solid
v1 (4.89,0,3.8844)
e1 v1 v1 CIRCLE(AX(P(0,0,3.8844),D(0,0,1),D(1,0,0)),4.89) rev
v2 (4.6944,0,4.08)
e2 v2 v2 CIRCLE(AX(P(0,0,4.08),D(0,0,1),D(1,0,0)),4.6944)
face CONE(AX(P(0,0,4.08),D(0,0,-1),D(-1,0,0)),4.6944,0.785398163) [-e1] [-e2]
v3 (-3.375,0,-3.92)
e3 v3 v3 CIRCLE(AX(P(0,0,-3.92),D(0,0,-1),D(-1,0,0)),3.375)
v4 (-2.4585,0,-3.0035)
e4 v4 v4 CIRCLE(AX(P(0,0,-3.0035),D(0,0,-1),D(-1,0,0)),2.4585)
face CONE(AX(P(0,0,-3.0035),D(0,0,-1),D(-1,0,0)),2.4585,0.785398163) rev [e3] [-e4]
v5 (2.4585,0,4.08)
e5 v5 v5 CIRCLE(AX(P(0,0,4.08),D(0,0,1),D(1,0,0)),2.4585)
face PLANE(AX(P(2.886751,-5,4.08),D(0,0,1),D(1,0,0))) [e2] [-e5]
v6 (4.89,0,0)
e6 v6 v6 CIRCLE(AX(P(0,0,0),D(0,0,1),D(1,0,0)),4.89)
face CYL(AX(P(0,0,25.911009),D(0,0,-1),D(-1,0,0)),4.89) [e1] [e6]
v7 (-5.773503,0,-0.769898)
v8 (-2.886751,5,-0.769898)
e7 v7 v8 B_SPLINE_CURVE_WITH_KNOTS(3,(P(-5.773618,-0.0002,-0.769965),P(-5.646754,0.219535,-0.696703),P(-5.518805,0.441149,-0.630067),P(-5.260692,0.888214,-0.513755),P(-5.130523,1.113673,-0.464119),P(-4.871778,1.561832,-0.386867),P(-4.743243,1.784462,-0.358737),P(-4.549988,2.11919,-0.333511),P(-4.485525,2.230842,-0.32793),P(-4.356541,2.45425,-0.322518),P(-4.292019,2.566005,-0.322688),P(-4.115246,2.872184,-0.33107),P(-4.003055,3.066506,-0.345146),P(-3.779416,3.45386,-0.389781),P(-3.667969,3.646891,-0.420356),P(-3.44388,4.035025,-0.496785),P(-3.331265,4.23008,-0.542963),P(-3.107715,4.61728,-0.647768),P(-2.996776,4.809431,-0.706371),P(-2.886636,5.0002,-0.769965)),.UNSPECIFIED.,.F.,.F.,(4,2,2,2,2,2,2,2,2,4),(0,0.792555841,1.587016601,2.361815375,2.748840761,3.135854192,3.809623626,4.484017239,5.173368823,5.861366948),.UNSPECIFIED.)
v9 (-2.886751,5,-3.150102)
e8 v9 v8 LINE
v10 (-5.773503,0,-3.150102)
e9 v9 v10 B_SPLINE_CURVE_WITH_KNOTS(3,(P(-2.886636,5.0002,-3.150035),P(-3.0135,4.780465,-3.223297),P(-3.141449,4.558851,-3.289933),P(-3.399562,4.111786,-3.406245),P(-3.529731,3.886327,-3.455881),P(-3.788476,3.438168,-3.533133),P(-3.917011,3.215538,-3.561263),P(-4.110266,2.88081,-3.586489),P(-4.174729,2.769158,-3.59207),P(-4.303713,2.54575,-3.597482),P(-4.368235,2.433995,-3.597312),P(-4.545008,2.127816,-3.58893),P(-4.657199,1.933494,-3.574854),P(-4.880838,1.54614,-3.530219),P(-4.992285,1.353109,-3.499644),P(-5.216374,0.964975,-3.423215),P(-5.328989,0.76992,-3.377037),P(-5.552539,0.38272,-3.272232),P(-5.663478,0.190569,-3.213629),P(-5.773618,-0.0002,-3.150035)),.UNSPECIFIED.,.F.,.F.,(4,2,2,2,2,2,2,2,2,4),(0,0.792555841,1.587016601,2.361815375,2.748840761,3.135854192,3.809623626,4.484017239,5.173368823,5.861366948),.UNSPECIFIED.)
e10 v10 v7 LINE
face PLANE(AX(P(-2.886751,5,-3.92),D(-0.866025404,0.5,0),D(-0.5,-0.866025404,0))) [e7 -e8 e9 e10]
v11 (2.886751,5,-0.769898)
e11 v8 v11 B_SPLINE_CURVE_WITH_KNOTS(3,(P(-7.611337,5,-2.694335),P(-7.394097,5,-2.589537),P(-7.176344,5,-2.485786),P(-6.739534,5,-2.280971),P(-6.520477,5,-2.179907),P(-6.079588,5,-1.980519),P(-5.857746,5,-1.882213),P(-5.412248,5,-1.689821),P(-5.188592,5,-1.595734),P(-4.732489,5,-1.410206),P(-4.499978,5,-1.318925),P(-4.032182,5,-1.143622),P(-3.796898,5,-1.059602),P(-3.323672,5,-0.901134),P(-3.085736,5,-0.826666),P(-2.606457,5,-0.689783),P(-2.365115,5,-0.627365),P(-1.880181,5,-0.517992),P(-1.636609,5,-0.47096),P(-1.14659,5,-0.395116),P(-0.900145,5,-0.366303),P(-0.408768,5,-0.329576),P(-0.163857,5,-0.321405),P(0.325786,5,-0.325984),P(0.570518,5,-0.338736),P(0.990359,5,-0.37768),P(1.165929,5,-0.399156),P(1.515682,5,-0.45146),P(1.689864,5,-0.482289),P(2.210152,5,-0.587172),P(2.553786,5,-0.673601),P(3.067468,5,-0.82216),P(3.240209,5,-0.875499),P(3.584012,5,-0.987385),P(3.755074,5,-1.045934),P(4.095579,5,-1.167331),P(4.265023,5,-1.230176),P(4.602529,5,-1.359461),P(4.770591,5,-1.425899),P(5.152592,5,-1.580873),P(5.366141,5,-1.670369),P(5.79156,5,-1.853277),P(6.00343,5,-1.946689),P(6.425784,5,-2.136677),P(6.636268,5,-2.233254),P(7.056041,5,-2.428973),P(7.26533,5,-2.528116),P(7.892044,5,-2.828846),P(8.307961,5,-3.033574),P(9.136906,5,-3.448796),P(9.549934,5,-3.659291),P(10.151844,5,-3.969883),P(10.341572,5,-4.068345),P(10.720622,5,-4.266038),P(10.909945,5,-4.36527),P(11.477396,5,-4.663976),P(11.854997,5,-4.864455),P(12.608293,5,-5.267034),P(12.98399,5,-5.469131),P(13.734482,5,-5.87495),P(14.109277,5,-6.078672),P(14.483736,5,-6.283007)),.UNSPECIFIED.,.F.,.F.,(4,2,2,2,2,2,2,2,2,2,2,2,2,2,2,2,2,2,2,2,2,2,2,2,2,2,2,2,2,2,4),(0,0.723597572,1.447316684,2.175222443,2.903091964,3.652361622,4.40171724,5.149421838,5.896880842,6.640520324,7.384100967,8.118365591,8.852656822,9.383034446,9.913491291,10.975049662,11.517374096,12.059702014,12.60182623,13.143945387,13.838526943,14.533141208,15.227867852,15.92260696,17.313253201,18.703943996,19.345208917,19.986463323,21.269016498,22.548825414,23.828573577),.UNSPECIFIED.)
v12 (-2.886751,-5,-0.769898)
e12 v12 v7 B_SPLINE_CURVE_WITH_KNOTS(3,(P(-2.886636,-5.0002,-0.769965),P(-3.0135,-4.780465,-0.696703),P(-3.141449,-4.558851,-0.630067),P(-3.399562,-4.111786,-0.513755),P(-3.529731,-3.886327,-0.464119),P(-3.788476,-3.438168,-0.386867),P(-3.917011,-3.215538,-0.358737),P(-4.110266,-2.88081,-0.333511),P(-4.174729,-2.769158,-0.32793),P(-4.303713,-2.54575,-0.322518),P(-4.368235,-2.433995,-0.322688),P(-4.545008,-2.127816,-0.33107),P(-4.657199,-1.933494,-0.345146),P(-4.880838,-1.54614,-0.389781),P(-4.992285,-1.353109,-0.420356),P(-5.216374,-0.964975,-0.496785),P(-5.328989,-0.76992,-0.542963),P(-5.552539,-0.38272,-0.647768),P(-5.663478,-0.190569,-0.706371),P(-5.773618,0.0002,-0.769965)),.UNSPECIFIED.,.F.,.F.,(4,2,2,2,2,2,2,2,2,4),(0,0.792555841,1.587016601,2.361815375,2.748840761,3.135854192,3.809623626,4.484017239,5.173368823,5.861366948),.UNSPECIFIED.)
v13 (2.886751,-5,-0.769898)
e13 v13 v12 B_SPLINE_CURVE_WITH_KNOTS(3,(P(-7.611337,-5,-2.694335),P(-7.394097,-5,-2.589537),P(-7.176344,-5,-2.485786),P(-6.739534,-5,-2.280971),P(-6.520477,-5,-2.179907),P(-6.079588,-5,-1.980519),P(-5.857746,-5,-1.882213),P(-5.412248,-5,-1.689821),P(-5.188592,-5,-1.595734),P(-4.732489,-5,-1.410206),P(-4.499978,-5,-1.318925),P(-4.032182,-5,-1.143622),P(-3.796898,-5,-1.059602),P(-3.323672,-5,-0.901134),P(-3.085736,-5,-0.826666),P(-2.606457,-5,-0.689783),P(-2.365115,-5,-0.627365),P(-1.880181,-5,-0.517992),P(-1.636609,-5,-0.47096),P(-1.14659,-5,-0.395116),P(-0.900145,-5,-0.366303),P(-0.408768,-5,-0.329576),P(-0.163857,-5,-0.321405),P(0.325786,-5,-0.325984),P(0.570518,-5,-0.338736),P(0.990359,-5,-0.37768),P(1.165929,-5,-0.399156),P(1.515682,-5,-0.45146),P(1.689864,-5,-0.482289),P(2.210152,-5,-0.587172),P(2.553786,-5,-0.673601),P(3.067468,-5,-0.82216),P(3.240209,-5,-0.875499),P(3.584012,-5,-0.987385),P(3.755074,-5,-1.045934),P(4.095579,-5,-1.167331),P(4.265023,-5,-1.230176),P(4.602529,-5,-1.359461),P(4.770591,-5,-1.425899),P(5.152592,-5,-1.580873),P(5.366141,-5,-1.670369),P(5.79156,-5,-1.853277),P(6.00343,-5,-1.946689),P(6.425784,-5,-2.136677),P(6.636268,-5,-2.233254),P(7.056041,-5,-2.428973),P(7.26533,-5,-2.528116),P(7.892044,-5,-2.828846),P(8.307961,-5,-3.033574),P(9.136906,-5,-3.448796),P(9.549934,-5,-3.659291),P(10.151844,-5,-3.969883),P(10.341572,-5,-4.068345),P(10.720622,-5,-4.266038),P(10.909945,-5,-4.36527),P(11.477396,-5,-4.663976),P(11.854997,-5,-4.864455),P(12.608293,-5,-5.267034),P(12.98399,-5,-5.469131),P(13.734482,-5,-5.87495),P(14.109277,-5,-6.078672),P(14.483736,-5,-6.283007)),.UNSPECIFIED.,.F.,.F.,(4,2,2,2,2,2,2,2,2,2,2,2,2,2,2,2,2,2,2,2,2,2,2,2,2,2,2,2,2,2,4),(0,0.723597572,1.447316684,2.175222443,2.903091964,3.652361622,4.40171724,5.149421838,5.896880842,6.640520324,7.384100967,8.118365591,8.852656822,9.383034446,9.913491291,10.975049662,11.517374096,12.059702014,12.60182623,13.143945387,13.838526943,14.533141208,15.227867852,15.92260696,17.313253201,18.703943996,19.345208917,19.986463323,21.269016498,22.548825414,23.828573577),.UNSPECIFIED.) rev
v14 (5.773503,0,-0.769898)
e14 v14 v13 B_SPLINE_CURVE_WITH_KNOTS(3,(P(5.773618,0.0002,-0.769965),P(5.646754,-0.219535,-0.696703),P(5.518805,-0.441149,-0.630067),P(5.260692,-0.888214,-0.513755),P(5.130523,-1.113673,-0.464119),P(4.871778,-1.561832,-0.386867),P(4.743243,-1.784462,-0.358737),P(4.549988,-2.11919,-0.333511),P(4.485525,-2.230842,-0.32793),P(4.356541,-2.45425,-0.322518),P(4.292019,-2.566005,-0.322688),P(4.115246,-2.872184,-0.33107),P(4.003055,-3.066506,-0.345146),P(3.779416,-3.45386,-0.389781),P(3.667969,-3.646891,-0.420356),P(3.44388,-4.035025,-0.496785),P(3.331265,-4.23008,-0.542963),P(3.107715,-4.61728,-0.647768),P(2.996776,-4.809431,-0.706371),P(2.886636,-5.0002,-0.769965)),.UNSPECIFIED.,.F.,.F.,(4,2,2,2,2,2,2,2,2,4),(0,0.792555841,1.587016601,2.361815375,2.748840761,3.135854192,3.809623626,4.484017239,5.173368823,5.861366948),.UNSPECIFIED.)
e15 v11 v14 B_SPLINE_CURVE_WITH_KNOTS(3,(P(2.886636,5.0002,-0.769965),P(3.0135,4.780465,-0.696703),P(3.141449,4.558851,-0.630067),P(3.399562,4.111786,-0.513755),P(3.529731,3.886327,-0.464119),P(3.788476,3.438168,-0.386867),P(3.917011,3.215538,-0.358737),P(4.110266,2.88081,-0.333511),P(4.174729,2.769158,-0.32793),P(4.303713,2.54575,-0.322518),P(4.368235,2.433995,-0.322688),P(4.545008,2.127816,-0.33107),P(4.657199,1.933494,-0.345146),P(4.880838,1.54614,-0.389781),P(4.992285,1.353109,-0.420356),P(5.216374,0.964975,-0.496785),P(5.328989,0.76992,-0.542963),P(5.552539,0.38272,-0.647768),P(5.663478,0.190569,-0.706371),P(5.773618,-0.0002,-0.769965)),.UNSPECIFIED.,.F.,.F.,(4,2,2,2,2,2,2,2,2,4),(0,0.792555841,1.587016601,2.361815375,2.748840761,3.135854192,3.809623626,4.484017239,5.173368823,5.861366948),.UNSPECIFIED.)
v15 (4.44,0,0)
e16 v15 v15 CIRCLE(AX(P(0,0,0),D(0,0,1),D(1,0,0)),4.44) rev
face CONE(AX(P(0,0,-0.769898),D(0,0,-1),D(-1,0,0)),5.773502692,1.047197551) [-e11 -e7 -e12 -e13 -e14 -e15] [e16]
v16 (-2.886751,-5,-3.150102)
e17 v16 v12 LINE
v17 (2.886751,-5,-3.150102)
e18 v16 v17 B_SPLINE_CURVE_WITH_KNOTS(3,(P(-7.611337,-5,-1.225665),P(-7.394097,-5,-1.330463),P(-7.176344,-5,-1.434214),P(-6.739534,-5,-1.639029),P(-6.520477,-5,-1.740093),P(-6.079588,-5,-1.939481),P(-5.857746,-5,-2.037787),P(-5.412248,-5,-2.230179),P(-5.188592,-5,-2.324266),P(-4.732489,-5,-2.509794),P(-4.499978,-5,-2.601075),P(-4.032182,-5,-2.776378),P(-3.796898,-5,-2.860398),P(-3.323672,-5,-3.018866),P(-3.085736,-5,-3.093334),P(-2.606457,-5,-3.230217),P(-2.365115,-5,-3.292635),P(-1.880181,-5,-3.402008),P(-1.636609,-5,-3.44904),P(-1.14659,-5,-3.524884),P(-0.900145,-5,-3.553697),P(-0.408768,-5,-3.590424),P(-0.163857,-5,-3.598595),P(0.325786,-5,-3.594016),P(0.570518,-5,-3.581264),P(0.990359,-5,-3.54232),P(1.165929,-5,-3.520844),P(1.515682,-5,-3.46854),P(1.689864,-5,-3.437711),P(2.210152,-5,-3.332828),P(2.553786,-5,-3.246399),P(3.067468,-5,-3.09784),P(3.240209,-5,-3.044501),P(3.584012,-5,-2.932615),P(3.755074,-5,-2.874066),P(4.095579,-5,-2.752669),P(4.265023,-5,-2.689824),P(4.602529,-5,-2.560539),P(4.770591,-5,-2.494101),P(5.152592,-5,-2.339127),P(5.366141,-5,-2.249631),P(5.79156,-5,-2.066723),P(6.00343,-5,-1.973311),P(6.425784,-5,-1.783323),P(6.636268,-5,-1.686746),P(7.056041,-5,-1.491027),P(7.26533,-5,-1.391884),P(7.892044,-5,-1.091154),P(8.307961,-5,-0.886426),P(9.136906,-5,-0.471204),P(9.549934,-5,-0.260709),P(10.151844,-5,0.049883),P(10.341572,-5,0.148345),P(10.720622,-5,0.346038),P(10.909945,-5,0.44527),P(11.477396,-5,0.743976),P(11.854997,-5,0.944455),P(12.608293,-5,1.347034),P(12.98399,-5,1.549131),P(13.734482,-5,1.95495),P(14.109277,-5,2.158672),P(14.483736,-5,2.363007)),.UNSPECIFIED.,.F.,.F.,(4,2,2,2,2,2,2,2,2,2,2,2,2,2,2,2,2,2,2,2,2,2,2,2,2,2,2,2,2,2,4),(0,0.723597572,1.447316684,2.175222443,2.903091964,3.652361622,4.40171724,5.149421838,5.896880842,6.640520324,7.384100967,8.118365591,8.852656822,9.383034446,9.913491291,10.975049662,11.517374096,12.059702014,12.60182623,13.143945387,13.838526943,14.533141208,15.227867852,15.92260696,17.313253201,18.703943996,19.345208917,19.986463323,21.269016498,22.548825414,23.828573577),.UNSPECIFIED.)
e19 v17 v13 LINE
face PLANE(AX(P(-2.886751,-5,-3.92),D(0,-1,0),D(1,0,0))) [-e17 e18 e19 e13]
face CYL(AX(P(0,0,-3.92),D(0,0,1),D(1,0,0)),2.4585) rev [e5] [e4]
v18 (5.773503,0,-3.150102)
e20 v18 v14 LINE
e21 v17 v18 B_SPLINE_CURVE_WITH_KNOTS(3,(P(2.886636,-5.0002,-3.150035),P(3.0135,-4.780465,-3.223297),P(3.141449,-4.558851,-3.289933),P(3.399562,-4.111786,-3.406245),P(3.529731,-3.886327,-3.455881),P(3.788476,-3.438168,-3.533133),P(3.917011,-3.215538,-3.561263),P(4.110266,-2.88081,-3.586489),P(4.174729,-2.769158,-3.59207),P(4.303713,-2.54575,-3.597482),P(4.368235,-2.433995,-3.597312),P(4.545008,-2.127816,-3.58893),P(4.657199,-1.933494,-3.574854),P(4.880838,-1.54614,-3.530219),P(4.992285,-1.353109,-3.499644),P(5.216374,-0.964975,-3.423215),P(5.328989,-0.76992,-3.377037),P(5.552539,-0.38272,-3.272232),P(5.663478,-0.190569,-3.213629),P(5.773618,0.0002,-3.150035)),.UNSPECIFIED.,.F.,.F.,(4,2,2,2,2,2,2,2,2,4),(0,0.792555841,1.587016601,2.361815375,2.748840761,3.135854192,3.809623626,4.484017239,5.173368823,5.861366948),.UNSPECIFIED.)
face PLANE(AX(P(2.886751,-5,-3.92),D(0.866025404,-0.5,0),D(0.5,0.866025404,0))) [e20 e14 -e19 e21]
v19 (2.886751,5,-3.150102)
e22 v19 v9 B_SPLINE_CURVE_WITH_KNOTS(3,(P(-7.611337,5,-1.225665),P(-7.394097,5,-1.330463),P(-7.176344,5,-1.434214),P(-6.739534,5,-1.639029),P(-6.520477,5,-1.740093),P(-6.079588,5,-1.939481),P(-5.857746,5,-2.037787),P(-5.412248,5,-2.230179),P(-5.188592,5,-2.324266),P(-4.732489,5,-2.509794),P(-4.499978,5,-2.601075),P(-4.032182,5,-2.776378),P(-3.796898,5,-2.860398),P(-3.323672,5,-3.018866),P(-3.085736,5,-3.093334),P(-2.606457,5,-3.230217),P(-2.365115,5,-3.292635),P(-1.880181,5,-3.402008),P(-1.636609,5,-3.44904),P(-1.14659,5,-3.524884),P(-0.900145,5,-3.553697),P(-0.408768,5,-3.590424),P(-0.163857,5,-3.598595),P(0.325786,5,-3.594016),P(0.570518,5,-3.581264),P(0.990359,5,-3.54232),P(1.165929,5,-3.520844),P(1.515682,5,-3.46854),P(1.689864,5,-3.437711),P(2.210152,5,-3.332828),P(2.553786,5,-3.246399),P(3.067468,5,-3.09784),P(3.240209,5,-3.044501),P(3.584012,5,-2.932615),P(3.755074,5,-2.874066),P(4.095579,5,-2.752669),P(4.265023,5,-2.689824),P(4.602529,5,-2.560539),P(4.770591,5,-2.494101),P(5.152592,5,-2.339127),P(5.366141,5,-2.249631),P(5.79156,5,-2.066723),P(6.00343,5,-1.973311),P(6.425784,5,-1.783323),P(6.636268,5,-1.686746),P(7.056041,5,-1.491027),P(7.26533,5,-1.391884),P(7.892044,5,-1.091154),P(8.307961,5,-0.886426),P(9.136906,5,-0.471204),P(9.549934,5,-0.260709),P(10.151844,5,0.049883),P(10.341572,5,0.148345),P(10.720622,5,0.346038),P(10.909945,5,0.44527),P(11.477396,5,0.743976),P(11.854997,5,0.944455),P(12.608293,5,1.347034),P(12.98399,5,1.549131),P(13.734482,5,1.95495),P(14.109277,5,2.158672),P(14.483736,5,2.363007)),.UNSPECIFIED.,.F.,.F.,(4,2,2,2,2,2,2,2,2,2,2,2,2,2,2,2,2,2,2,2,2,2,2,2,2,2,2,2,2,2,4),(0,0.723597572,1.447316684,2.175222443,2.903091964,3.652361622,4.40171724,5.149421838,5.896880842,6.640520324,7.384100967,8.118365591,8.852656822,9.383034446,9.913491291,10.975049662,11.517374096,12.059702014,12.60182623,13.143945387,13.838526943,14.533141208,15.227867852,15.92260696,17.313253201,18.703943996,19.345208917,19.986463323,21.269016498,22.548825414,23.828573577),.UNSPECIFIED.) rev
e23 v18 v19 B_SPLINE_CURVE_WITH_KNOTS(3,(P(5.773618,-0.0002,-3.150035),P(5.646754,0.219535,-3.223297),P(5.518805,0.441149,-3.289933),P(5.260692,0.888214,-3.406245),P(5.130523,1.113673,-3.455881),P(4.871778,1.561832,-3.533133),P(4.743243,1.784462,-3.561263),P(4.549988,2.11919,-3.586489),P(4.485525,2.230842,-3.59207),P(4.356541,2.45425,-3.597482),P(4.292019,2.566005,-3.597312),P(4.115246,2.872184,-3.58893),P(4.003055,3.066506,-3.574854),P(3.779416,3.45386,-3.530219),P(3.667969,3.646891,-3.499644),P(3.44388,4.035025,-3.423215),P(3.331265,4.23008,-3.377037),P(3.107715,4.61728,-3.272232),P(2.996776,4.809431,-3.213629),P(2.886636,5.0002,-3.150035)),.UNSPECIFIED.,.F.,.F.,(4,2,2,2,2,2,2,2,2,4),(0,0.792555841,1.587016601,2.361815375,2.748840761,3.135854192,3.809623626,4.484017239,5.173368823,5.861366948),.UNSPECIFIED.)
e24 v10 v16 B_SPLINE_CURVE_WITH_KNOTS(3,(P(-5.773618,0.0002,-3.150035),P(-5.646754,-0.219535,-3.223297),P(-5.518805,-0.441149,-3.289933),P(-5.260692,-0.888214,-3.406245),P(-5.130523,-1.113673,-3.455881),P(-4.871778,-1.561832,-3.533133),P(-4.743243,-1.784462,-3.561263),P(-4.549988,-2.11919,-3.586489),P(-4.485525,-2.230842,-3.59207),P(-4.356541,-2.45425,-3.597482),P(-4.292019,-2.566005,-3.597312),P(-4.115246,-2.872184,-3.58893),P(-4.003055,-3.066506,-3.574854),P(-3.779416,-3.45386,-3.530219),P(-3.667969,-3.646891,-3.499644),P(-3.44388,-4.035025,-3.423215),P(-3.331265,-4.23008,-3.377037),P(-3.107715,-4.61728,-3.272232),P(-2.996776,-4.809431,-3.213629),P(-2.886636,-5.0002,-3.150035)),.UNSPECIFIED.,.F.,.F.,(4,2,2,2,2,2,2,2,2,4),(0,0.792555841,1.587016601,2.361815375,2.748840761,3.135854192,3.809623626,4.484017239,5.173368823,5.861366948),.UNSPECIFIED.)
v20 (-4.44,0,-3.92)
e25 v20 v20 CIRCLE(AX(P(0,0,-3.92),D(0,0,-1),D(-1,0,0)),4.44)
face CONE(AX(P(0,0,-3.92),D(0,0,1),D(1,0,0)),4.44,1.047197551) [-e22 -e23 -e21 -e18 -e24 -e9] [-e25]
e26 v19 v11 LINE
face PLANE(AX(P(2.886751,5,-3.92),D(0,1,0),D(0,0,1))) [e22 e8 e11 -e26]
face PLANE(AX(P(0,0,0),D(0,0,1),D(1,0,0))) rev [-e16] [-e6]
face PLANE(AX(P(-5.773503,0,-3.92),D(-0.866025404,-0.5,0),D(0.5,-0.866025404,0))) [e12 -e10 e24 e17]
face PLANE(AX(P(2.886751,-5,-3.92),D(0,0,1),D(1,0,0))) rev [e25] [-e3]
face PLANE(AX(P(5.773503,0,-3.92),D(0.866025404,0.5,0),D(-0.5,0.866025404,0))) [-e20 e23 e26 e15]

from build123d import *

# Parameters (mm, degrees)
SKETCH1_R      = 2.4585
BASENUT_DEPTH  = 3.92
EXTRUDE1_START = 4.08
SKETCH2_R      = 4.89
SKETCH2_R_2    = 2.4585
EXTRUDE1_DEPTH = 4.08
CHAMFER1_SIZE  = 0.1956


with BuildPart() as part:
    # Sketch1 → BaseNut (new body)
    with BuildSketch(Plane.XY):
        Polygon((2.886751346, -5), (5.773502692, 0), (2.886751346, 5), (-2.886751346, 5), (-5.773502692, 0), (-2.886751346, -5), align=None)
        Circle(SKETCH1_R, mode=Mode.SUBTRACT)
    extrude(amount=-BASENUT_DEPTH)

    # Sketch3 → Double-Chamfer (revolve, cut)
    with BuildSketch(Plane(origin=(0, 0, 0), x_dir=(1, 0, 0), z_dir=(0, 1, 0)), mode=Mode.PRIVATE) as double_chamfer_sk:
        Polygon((4.44, 3.92), (5.773502692, 3.92), (5.773502692, 3.150101862), align=None)
        Polygon((5.773502692, 0.769898138), (4.44, 0), (5.773502692, 0), align=None)
    revolve(double_chamfer_sk.sketch.rotate(Axis((0, 0, -16.31077227), (0, 0, 1)), 179.999999973), axis=Axis((0, 0, -16.31077227), (0, 0, 1)), mode=Mode.SUBTRACT)

    # Sketch2 → Extrude1 (add)
    with BuildSketch(Plane(origin=(20.087129569, -4.281493882, 0), x_dir=(1, 0, 0), z_dir=(0, 0, 1)).offset(EXTRUDE1_START)):
        with Locations((-20.087129569, 4.281493882)):
            Circle(SKETCH2_R)
        with Locations((-20.087129569, 4.281493882)):
            Circle(SKETCH2_R_2, mode=Mode.SUBTRACT)
    extrude(amount=-EXTRUDE1_DEPTH)

    # Sketch5 → EndChamfer (revolve, cut)
    with BuildSketch(Plane(origin=(0, 0, 0), x_dir=(1, 0, 0), z_dir=(0, 1, 0))):
        Polygon((2.4585, 3.92), (3.375, 3.92), (2.4585, 3.0035), align=None)
    revolve(axis=Axis((0, 0, -16.800797033), (0, 0, 1)), mode=Mode.SUBTRACT)

    # Chamfer1
    chamfer1_edges = [part.edges().sort_by_distance(p)[0] for p in [
        (-4.89, 0, 4.08),
    ]]
    chamfer(chamfer1_edges, length=CHAMFER1_SIZE)


solid = part.part
